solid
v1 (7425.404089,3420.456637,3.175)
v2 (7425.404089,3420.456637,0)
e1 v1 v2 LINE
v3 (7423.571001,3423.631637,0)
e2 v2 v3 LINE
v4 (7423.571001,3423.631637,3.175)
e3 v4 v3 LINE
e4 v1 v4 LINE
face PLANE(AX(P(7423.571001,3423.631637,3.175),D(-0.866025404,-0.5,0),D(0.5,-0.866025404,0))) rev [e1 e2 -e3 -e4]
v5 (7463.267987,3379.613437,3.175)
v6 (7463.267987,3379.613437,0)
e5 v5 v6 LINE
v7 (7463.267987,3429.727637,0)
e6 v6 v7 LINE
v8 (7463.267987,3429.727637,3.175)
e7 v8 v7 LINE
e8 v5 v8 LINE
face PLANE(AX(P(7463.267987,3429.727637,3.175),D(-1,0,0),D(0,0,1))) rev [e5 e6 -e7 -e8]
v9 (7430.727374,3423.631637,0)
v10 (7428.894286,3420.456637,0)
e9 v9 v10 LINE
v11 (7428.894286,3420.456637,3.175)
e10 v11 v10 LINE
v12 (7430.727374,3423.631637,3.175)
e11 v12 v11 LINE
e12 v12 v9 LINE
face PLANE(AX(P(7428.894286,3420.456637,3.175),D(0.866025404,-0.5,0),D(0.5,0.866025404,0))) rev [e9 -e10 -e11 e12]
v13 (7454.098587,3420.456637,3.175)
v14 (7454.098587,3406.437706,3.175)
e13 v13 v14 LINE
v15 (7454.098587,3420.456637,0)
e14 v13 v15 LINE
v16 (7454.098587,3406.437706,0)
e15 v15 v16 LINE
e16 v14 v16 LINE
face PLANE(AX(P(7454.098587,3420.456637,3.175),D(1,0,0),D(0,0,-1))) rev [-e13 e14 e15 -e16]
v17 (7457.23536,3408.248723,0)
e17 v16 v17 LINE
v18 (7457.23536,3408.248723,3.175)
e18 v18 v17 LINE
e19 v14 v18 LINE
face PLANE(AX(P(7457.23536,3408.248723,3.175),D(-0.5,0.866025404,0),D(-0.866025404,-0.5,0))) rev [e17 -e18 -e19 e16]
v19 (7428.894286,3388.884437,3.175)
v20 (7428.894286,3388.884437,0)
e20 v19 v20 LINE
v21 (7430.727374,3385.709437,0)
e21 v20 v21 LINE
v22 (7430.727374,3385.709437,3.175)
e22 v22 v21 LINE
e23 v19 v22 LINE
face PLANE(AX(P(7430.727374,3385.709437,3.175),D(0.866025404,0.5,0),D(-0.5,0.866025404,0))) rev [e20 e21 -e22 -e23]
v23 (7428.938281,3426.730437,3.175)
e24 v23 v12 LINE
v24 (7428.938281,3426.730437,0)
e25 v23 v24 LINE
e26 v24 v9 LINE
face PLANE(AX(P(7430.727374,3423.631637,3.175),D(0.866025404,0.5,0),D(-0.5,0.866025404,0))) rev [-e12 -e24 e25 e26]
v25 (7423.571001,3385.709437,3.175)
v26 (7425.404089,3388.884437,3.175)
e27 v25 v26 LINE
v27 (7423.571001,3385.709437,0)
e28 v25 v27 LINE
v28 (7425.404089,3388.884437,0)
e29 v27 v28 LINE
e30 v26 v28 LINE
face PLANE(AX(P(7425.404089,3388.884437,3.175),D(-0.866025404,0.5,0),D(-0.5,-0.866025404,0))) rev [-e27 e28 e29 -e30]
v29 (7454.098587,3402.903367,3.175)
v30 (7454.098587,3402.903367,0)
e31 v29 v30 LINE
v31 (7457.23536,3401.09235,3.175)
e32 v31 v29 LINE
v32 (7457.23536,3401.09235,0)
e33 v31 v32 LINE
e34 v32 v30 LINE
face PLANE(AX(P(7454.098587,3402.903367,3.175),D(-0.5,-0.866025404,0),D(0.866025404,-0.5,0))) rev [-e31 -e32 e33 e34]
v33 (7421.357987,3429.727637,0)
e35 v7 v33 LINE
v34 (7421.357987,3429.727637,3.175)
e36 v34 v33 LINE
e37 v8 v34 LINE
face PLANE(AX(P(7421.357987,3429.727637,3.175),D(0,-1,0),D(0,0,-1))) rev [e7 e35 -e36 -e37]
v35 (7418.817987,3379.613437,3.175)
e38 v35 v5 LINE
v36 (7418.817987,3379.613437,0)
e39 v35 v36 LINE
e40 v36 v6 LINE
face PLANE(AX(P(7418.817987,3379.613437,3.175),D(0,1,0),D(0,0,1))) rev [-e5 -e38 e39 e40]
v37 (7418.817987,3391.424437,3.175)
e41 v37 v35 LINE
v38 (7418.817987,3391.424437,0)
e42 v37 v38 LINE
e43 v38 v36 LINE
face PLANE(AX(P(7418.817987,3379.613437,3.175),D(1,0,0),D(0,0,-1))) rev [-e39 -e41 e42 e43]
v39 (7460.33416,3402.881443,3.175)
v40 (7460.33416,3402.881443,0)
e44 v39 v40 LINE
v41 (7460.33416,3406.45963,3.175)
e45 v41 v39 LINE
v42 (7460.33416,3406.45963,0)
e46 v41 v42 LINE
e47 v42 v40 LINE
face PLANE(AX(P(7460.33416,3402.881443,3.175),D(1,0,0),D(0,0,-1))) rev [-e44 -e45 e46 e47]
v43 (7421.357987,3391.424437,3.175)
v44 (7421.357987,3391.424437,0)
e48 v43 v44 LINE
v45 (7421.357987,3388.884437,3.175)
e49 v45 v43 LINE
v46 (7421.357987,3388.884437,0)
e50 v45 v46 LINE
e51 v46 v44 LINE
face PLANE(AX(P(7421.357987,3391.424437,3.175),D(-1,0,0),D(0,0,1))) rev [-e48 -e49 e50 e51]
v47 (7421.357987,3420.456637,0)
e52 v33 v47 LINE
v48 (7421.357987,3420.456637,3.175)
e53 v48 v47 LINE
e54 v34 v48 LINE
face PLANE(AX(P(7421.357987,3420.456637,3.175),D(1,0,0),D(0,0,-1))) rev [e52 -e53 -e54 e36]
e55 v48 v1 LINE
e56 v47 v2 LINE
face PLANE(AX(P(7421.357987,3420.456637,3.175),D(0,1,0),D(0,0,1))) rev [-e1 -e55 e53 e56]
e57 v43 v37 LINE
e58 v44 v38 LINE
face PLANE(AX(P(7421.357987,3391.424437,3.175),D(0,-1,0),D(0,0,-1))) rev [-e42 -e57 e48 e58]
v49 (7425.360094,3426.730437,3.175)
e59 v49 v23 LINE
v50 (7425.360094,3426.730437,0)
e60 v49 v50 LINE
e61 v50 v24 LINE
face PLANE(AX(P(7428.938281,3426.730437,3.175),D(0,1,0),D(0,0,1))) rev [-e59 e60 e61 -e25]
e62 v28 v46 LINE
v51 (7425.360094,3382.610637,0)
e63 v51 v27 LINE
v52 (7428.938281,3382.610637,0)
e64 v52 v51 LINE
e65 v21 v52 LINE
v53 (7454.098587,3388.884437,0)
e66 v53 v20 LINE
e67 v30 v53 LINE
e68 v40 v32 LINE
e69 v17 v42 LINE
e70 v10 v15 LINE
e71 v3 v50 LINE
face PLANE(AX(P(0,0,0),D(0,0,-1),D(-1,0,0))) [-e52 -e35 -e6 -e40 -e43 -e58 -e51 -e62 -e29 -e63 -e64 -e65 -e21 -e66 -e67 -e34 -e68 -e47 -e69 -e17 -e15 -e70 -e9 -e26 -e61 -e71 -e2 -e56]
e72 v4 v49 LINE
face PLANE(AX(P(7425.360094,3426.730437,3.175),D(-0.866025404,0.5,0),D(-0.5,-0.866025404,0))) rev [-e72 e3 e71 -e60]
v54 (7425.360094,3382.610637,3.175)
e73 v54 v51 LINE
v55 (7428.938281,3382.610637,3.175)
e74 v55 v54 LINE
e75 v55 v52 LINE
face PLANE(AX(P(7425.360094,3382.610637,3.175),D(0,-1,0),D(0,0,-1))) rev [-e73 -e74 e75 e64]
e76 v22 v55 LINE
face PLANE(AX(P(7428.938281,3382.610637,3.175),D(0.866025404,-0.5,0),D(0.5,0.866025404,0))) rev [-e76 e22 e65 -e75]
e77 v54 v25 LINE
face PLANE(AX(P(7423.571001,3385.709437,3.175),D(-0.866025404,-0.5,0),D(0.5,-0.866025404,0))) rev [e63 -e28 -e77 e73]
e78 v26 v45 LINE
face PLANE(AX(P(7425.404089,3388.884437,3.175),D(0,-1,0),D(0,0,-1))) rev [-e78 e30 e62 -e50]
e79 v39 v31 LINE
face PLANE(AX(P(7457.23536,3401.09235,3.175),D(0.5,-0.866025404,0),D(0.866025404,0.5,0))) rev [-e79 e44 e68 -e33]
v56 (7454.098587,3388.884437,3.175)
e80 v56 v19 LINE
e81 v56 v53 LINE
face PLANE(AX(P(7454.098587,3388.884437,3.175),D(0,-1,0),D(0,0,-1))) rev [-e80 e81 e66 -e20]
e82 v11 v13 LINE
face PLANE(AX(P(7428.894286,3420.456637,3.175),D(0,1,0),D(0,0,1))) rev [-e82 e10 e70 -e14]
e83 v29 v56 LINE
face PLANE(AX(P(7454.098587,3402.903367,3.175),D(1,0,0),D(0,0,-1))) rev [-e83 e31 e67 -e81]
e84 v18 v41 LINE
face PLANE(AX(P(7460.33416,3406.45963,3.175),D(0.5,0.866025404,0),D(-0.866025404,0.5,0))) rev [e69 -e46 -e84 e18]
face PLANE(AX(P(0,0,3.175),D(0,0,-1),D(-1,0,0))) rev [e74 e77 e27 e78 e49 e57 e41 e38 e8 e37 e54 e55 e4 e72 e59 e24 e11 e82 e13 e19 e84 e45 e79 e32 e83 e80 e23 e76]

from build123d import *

# Parameters (mm, degrees)
BOSS_EXTRUDE1_DEPTH = 3.175


with BuildPart() as part:
    # Sketch1 → Boss-Extrude1 (new body)
    with BuildSketch(Plane.XY):
        Polygon((7421.357987496, 3420.456636514), (7421.357987496, 3429.727636514), (7463.267987496, 3429.727636514), (7463.267987496, 3379.613436514), (7418.817987496, 3379.613436514), (7418.817987496, 3391.424436514), (7421.357987496, 3391.424436514), (7421.357987496, 3388.884436514), (7425.404088572, 3388.884436514), (7423.571001467, 3385.709436514), (7425.360094482, 3382.610636514), (7428.93828051, 3382.610636514), (7430.727373524, 3385.709436514), (7428.894286419, 3388.884436514), (7454.098587496, 3388.884436514), (7454.098587496, 3402.903366886), (7457.235359913, 3401.092350486), (7460.334159913, 3402.8814435), (7460.334159913, 3406.459629528), (7457.235359913, 3408.248722542), (7454.098587496, 3406.437706143), (7454.098587496, 3420.456636514), (7428.894286419, 3420.456636514), (7430.727373524, 3423.631636514), (7428.93828051, 3426.730436514), (7425.360094482, 3426.730436514), (7423.571001467, 3423.631636514), (7425.404088572, 3420.456636514), align=None)
    extrude(amount=BOSS_EXTRUDE1_DEPTH)


solid = part.part
